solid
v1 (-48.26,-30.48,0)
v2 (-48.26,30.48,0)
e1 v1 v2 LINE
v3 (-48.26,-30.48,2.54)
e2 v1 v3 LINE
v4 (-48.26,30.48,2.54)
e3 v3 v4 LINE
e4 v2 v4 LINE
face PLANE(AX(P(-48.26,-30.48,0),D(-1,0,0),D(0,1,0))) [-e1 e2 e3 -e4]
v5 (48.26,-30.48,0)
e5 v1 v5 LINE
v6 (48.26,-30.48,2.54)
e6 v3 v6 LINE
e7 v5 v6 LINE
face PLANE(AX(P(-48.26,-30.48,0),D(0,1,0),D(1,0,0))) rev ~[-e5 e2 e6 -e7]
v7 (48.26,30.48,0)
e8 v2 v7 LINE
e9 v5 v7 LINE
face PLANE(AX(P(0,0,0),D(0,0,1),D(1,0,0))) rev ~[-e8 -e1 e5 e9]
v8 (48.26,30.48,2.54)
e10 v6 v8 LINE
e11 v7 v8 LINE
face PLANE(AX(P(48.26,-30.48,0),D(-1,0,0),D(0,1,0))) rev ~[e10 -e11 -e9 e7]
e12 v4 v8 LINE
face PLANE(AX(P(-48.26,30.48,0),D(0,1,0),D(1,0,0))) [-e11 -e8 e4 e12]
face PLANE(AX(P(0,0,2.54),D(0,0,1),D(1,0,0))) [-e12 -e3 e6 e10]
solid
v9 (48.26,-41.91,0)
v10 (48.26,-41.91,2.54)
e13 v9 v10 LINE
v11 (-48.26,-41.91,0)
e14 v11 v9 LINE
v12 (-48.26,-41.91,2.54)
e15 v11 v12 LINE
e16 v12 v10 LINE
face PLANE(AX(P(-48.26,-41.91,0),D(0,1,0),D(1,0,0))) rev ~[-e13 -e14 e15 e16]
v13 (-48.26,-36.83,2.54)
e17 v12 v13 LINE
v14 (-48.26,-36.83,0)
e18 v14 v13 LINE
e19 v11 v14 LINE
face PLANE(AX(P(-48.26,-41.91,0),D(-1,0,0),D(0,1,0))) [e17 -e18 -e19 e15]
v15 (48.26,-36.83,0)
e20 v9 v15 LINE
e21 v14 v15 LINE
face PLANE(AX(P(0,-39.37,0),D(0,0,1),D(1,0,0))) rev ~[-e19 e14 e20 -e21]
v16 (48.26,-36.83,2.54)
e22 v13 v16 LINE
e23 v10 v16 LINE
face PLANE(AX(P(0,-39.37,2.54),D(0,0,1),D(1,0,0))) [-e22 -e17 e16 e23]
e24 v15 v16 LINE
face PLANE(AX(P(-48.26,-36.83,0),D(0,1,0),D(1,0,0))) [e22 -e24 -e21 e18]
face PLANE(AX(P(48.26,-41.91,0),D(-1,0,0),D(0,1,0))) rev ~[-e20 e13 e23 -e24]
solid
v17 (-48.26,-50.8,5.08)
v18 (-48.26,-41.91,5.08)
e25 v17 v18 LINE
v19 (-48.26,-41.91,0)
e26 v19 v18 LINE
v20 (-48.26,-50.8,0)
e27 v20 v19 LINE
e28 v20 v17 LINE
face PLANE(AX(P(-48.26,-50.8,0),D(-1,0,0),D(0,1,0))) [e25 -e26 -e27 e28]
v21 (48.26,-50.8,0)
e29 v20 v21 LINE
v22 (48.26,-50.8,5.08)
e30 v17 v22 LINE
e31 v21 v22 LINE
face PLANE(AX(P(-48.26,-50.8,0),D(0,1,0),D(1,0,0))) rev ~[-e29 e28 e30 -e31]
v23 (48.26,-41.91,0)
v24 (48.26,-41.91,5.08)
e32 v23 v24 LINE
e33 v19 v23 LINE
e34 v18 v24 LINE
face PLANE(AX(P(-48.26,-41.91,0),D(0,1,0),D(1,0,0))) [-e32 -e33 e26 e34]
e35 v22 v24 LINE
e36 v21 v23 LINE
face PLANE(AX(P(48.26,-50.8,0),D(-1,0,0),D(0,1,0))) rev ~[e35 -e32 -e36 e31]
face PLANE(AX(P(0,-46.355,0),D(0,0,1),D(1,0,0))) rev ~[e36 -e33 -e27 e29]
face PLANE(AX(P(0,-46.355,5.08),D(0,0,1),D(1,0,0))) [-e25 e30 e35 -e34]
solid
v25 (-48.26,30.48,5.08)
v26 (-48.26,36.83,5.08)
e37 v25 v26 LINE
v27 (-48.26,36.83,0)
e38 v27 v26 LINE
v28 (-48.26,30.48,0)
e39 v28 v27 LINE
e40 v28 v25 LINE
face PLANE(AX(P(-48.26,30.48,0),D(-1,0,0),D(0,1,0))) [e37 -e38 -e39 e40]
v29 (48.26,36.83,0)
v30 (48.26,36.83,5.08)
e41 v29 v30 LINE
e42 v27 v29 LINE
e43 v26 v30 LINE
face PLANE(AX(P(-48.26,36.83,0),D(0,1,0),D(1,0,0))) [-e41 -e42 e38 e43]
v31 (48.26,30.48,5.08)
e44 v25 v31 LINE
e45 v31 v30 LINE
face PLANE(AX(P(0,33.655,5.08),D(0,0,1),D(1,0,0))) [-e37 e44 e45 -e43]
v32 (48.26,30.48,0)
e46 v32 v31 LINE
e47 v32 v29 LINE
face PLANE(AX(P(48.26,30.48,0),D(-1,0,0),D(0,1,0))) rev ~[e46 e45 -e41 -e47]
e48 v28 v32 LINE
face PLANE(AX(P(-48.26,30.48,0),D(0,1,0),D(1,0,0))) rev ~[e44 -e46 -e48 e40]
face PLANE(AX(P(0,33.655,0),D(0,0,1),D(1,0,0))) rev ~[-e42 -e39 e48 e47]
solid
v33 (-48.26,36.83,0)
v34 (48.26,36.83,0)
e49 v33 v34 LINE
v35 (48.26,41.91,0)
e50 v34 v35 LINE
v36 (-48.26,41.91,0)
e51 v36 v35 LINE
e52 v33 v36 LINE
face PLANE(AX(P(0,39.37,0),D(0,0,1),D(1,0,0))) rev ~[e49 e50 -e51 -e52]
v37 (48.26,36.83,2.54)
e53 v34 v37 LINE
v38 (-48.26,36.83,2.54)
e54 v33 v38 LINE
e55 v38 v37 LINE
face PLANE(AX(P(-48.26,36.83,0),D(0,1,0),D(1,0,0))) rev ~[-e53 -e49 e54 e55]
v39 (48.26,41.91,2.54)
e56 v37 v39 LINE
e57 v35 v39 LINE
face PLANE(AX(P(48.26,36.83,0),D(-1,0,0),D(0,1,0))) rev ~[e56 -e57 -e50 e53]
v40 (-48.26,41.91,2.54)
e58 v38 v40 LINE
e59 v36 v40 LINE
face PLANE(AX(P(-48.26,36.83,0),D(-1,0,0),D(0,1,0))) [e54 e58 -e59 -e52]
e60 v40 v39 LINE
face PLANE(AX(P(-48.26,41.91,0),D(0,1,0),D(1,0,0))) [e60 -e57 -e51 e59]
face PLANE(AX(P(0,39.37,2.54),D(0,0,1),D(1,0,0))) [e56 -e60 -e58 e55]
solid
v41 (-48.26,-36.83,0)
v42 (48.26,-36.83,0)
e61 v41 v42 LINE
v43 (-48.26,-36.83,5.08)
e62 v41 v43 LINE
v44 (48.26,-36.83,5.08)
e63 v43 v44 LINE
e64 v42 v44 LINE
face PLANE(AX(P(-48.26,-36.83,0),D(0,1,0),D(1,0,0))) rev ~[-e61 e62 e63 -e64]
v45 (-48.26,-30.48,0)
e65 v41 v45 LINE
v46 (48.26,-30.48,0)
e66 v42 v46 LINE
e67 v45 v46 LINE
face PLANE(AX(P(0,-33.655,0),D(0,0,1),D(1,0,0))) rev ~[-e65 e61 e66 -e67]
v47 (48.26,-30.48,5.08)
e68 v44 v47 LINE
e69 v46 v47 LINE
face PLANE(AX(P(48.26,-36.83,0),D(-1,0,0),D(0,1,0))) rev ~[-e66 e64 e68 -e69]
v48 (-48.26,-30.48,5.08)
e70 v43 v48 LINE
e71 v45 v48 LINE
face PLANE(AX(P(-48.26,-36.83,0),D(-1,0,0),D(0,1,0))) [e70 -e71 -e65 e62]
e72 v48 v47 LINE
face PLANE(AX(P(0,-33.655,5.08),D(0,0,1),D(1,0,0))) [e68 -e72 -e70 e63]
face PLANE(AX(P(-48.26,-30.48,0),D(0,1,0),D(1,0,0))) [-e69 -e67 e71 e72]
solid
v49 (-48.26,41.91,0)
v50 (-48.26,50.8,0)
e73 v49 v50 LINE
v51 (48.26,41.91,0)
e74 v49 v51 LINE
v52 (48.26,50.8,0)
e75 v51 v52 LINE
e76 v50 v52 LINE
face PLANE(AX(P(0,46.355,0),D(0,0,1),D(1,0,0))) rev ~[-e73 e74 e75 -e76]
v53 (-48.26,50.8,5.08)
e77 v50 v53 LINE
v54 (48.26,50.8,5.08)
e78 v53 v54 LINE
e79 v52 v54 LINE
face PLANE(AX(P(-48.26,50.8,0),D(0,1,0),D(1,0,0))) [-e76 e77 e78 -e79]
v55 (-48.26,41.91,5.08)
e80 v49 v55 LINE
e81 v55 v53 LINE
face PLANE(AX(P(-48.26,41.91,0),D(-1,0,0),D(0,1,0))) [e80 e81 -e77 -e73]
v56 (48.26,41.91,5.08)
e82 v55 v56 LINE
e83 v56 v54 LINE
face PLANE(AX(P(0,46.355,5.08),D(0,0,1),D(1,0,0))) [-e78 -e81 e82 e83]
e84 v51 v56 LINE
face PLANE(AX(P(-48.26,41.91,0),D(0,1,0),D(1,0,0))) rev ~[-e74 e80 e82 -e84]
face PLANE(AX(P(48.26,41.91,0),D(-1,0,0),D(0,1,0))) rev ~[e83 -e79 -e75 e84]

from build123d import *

# Parameters (mm, degrees)
F0_W     = 96.52
F0_H     = 8.89
F0_H_2   = 6.35
F1_DEPTH = 5.08
F0_H_3   = 5.08
F0_H_4   = 60.96
F2_DEPTH = 2.54


with BuildPart() as f1:
    # F0 (on Top) → F1 (new body)
    with BuildSketch(Plane.XY):
        with Locations((0, 46.355)):
            Rectangle(F0_W, F0_H)
        with Locations((0, 33.655)):
            Rectangle(F0_W, F0_H_2)
        with Locations((0, -46.355)):
            Rectangle(F0_W, F0_H)
        with Locations((0, -33.655)):
            Rectangle(F0_W, F0_H_2)
    extrude(amount=F1_DEPTH)


with BuildPart() as f2:
    # F0 (on Top) → F2 (new body)
    with BuildSketch(Plane.XY):
        with Locations((0, 39.37)):
            Rectangle(F0_W, F0_H_3)
        with Locations((0, -39.37)):
            Rectangle(F0_W, F0_H_3)
        Rectangle(F0_W, F0_H_4)
    extrude(amount=F2_DEPTH)


solid = Compound([f1.part, f2.part])
